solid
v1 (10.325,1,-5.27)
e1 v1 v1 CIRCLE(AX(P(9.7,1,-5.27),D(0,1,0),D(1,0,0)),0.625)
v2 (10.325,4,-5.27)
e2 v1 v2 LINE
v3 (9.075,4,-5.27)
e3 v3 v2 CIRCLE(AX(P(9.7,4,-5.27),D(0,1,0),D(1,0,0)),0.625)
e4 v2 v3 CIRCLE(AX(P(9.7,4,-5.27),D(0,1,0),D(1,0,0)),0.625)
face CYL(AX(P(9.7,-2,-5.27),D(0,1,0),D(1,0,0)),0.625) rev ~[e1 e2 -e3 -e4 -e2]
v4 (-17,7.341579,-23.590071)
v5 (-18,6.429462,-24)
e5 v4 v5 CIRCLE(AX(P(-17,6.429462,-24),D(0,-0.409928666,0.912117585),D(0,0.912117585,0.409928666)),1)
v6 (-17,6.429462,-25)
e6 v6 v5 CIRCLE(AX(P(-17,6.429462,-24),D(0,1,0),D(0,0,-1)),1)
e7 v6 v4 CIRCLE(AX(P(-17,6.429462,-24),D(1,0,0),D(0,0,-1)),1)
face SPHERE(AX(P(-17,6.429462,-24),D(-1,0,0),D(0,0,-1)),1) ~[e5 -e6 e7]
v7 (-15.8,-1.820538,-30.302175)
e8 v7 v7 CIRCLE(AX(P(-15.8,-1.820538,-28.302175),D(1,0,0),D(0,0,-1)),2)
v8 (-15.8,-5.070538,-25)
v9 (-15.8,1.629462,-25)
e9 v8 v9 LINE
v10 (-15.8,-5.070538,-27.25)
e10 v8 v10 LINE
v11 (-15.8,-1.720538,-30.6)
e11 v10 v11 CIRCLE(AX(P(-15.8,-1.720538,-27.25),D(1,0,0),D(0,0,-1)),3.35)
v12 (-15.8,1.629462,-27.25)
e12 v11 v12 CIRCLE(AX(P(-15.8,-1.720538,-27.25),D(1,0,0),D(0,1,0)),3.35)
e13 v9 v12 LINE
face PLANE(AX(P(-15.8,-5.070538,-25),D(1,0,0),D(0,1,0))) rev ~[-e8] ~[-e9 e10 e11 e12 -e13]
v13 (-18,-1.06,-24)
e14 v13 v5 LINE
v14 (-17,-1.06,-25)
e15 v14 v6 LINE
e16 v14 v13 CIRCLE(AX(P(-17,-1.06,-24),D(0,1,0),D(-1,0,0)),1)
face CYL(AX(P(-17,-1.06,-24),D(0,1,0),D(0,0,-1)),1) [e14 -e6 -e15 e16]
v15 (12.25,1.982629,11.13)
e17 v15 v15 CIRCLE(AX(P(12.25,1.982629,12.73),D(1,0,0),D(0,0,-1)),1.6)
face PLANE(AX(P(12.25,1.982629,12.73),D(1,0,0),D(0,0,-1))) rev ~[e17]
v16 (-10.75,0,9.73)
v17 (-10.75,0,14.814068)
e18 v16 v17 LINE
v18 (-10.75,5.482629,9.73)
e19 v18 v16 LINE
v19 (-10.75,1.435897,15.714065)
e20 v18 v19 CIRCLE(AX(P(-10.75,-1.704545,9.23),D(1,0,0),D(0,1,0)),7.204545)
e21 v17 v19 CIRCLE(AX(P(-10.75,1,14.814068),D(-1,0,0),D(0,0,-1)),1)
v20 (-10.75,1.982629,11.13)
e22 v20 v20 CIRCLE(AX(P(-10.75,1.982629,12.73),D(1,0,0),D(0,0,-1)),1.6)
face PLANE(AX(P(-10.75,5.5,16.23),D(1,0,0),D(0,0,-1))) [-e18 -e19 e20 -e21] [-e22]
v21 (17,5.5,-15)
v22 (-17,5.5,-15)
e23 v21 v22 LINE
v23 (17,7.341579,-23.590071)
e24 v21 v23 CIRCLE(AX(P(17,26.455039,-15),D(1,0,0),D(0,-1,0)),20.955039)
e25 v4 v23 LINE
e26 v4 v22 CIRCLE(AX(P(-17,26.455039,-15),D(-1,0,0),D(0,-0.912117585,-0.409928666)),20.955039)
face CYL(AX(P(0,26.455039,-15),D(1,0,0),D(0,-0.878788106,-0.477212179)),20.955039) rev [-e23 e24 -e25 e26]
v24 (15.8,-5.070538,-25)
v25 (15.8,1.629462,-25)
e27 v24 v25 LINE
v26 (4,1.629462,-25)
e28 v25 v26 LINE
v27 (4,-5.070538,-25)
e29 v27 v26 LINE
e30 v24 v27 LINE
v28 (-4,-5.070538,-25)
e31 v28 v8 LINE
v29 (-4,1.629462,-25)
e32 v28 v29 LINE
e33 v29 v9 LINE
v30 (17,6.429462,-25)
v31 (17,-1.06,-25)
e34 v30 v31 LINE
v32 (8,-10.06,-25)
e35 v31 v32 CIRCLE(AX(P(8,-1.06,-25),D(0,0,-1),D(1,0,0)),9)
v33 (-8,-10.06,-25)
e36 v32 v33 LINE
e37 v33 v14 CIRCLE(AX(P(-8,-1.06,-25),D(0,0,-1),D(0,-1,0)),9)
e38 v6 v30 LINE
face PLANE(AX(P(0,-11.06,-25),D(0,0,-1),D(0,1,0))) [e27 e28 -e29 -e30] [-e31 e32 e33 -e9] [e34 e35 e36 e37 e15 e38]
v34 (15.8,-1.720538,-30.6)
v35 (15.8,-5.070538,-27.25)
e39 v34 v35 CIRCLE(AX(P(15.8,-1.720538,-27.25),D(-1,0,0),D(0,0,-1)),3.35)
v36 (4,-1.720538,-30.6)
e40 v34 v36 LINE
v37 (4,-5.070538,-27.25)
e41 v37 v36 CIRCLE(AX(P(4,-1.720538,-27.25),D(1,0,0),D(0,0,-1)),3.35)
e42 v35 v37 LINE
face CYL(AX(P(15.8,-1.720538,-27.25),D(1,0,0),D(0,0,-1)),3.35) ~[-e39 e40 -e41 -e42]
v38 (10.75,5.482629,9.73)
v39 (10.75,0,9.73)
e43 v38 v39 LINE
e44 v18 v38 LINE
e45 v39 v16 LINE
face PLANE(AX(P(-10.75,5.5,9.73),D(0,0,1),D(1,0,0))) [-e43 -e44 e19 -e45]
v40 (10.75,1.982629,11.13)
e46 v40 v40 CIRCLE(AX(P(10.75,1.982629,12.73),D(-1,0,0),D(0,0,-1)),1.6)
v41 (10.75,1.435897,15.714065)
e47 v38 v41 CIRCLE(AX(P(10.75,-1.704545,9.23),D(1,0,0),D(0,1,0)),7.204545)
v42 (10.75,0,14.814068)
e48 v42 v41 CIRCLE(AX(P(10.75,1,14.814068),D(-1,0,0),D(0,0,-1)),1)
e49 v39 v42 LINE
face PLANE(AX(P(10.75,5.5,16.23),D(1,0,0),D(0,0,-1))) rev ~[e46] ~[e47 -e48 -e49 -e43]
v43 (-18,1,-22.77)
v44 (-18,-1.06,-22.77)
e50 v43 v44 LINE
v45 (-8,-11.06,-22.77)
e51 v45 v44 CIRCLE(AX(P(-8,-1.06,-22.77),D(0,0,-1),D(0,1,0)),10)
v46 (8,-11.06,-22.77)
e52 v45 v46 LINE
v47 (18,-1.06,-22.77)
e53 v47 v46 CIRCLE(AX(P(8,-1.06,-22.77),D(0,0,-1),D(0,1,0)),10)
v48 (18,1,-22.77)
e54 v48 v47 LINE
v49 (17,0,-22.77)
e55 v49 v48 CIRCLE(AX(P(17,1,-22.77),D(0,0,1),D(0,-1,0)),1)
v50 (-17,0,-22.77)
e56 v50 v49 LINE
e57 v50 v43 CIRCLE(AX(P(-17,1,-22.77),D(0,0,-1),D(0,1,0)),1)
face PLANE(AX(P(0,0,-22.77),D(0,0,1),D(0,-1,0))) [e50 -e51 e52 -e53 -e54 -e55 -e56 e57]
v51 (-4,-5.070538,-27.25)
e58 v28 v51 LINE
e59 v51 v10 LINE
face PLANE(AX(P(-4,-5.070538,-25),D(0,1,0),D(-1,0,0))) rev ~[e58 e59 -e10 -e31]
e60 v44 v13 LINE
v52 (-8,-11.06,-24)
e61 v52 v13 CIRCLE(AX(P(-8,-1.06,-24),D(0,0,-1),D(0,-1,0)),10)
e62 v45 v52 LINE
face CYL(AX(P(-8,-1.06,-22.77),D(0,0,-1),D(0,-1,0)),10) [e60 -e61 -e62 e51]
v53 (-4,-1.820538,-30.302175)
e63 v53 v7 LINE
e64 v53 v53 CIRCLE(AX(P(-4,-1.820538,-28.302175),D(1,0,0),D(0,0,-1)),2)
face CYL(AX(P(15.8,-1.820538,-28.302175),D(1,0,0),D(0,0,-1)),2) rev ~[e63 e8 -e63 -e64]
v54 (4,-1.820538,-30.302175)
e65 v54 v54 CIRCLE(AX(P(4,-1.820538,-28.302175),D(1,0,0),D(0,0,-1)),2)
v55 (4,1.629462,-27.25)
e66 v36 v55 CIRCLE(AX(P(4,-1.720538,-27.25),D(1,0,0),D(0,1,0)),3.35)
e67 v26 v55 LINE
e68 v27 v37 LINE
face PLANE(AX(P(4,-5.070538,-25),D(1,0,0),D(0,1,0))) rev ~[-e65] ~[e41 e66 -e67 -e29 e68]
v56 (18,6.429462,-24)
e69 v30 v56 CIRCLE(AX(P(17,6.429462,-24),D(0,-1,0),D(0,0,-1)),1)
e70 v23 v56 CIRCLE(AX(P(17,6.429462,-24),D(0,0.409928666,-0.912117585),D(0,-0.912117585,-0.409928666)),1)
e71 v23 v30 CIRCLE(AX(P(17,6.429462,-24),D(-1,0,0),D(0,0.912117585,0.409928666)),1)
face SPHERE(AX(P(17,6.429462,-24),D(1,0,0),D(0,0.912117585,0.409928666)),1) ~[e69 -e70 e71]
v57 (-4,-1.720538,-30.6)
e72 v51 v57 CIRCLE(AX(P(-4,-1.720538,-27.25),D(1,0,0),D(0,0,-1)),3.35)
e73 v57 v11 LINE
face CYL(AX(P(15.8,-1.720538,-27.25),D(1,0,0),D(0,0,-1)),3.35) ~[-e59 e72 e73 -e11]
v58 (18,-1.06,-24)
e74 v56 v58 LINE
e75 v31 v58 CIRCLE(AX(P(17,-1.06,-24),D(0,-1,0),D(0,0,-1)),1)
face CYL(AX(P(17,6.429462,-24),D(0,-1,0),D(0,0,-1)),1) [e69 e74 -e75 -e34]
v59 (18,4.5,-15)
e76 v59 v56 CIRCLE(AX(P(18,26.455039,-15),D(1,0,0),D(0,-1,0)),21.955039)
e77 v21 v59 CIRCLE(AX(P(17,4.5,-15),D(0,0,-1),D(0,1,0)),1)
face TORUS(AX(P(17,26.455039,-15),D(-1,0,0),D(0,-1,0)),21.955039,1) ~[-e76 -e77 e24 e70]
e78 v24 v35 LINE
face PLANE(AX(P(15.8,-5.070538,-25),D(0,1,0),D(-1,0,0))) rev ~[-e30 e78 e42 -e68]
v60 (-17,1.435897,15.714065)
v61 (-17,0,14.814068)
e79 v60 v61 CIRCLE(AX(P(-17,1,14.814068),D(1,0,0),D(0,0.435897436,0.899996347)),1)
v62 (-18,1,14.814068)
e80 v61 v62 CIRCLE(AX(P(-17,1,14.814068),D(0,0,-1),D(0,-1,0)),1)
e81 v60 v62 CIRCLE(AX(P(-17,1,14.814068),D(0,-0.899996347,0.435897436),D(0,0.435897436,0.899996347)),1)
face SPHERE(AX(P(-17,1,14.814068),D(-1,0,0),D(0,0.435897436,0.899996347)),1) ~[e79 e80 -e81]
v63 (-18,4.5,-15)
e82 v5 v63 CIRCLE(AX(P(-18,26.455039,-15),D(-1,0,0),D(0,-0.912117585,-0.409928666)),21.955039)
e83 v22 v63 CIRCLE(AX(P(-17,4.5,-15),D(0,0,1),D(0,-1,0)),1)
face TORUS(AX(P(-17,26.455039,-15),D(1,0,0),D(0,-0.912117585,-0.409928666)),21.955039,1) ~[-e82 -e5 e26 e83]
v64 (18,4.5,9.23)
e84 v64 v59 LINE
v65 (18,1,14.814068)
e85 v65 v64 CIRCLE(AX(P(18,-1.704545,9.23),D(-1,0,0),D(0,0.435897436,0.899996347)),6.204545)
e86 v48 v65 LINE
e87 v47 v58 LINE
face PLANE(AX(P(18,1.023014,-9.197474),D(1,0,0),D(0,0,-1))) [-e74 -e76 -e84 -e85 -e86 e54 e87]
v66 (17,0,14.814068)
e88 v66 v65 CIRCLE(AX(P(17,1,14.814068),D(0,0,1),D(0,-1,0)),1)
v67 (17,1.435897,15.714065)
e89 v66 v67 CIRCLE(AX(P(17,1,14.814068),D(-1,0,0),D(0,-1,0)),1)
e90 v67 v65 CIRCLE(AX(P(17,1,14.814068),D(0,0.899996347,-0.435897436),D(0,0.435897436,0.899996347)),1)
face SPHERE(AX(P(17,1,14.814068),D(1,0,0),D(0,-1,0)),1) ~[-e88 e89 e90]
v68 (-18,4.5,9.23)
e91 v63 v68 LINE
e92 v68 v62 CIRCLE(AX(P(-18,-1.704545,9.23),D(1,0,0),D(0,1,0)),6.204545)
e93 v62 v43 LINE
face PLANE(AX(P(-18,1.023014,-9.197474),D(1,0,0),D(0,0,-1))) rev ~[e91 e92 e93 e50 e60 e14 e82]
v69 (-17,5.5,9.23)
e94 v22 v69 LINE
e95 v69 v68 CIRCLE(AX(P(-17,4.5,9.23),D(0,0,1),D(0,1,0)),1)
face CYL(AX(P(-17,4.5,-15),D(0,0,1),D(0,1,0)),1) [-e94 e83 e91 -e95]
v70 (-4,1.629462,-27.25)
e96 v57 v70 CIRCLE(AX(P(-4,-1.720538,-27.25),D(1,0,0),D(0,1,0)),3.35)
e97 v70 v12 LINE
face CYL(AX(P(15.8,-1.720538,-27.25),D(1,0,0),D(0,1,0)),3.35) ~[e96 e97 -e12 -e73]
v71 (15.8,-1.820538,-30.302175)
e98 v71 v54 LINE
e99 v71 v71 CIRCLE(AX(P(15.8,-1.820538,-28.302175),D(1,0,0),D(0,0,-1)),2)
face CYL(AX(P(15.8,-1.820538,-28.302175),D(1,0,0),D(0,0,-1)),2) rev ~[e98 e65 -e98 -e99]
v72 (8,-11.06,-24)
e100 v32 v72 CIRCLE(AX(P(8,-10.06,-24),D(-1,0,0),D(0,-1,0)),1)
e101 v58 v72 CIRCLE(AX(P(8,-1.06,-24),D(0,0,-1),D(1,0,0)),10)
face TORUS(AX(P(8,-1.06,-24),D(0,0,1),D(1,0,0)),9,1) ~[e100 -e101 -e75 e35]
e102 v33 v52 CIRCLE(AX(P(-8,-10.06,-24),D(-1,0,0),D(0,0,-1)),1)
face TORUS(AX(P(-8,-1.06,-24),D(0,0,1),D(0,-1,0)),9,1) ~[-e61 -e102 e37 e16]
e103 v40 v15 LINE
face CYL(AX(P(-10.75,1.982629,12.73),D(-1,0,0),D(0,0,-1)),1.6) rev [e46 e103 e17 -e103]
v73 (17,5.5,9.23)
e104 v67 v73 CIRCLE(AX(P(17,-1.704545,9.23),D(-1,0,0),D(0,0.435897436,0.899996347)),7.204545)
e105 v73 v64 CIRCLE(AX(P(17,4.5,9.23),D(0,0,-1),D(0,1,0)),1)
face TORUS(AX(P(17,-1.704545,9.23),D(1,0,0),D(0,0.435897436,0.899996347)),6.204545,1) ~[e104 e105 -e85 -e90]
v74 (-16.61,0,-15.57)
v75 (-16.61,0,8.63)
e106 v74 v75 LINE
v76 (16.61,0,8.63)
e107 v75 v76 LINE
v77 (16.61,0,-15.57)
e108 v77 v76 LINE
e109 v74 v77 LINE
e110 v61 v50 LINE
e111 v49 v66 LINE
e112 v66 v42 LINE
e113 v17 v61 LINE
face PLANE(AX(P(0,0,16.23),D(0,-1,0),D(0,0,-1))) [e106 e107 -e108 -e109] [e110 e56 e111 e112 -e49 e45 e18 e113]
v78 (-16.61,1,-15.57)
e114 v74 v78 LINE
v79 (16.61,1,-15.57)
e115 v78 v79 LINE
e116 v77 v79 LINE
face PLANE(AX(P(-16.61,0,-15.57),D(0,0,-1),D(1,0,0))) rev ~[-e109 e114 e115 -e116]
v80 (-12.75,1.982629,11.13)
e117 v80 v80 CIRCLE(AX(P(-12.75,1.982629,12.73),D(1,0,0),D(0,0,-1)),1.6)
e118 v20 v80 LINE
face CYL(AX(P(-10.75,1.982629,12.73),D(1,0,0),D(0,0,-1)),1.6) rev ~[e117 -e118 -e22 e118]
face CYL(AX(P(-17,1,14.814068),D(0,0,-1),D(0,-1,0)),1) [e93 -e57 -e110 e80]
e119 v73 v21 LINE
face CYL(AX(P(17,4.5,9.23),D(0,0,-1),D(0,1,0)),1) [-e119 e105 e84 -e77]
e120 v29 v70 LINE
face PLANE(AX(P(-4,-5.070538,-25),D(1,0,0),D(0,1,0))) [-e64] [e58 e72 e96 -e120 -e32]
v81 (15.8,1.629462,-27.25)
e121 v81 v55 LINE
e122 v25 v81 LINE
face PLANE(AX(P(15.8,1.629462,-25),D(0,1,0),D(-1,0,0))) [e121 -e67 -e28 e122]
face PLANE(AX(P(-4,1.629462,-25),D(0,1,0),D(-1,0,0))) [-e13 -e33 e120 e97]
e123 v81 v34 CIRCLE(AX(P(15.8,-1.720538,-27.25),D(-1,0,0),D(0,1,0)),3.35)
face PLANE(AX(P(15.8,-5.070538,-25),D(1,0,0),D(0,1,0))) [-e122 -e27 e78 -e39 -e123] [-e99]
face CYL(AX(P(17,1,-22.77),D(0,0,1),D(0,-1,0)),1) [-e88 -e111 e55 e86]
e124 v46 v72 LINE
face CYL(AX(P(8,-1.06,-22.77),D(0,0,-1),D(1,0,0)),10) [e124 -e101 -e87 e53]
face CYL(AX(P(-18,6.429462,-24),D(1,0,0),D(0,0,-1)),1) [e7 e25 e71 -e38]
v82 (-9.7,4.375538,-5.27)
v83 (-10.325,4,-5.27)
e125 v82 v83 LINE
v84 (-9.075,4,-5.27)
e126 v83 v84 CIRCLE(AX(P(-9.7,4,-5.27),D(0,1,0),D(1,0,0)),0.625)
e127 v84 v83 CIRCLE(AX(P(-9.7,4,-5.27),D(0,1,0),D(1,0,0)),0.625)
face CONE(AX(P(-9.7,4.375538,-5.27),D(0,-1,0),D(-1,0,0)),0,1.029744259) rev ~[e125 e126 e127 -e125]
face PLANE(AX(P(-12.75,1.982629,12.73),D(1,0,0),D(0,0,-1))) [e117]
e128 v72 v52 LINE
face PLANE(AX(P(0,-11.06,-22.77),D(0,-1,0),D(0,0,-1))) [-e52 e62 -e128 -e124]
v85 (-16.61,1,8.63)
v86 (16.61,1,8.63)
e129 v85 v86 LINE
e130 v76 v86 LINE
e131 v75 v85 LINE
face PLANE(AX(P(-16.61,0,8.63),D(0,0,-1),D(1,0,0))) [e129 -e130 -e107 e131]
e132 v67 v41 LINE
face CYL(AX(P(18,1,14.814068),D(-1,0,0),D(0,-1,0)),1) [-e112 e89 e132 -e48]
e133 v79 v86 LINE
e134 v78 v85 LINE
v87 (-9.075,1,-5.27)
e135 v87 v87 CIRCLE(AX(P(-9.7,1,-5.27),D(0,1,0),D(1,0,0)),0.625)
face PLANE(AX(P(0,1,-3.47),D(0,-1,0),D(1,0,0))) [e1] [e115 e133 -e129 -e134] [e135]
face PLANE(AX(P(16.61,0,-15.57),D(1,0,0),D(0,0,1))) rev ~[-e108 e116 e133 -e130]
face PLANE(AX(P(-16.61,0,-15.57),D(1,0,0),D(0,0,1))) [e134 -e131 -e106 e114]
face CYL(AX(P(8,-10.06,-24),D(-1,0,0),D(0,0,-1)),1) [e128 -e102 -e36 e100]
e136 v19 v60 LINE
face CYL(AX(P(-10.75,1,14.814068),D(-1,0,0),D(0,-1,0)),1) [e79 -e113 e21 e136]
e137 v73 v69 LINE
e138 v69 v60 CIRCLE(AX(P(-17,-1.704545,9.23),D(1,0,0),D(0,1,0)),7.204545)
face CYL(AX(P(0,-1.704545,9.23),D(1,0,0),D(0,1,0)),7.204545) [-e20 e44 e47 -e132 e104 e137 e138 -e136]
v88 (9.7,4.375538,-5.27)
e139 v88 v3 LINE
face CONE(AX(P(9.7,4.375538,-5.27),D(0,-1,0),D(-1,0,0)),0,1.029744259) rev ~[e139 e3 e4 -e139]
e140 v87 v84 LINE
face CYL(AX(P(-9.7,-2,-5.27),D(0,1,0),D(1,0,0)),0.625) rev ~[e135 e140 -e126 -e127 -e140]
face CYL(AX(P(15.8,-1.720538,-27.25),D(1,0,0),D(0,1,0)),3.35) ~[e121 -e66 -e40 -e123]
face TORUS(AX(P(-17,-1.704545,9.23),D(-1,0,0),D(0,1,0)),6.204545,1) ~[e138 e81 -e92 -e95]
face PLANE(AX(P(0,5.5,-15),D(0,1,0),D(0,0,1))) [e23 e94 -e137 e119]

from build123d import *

# Parameters (mm, degrees)
BOSS_EXTRUDE1_DEPTH     = 18
SKETCH2_W               = 21.5
SKETCH2_H               = 6.5
CUT_EXTRUDE1_DEPTH      = 36
FILLET1_R               = 1
FILLET2_R               = 10
SKETCH3_R               = 1.6
CUT_EXTRUDE2_DEPTH      = 23
CUT_EXTRUDE2_DEPTH_BACK = 2
SKETCH4_W               = 11.8
SKETCH4_H               = 6.7
BOSS_EXTRUDE2_DEPTH     = 5.6
CUT_EXTRUDE3_DEPTH      = 34.8
SKETCH6_R               = 2
CUT_EXTRUDE4_DEPTH      = 34.8
SKETCH7_W               = 33.22
SKETCH7_H               = 24.2
CUT_EXTRUDE5_DEPTH      = 1
M1_6_TAPPED_HOLE1_D     = 1.25
M1_6_TAPPED_HOLE1_DEPTH = 3
M1_6_TAPPED_HOLE1_TIP   = 0.375537887
FILLET3_R               = 1
FILLET4_R               = 1


with BuildPart() as part:
    # Sketch1 → Boss-Extrude1 (new body, symmetric)
    with BuildSketch(Plane(origin=(0, 0, 0), x_dir=(0, 0, -1), z_dir=(1, 0, 0))):
        with BuildLine():
            Line((-16.23, 0), (22.77, 0))
            Line((22.77, 0), (22.77, -11.06))
            Line((22.77, -11.06), (25, -11.06))
            Line((25, -11.06), (25, 8.04))
            ThreePointArc((25, 8.04), (20.158769233, 6.144924279), (15, 5.5))
            Line((15, 5.5), (-9.23, 5.5))
            ThreePointArc((-9.23, 5.5), (-13.681123454, 3.960520759), (-16.23, 0))
        make_face()
    extrude(amount=BOSS_EXTRUDE1_DEPTH, both=True)

    # Sketch2 → Cut-Extrude1 (cut)
    with BuildSketch(Plane(origin=(0, 5.5, 0), x_dir=(1, 0, 0), z_dir=(0, 1, 0))):
        with Locations((0, -12.98)):
            Rectangle(SKETCH2_W, SKETCH2_H)
    extrude(amount=-CUT_EXTRUDE1_DEPTH, mode=Mode.SUBTRACT)

    # Fillet1
    fillet1_edges = [part.edges().sort_by_distance(p)[0] for p in [
        (0, 8.04, -25),
    ]]
    fillet(fillet1_edges, radius=FILLET1_R)

    # Fillet2
    fillet2_edges = [part.edges().sort_by_distance(p)[0] for p in [
        (18, -11.06, -23.885),
        (-18, -11.06, -23.885),
    ]]
    fillet(fillet2_edges, radius=FILLET2_R)

    # Sketch3 → Cut-Extrude2 (cut, two sides)
    with BuildSketch(Plane(origin=(-10.75, 0, 0), x_dir=(0, 0, -1), z_dir=(1, 0, 0))) as cut_extrude2_sk:
        with Locations((-12.73, 1.9826289)):
            Circle(SKETCH3_R)
    extrude(amount=CUT_EXTRUDE2_DEPTH, mode=Mode.SUBTRACT)
    extrude(cut_extrude2_sk.sketch, amount=-CUT_EXTRUDE2_DEPTH_BACK, mode=Mode.SUBTRACT)

    # Sketch4 → Boss-Extrude2 (add)
    with BuildSketch(Plane(origin=(0, 0, -25), x_dir=(-1, 0, 0), z_dir=(0, 0, -1))):
        with Locations((-9.9, -1.720538118)):
            Rectangle(SKETCH4_W, SKETCH4_H)
        with Locations((9.9, -1.720538118)):
            Rectangle(SKETCH4_W, SKETCH4_H)
    extrude(amount=BOSS_EXTRUDE2_DEPTH)

    # Sketch5 → Cut-Extrude3 (cut, through all)
    with BuildSketch(Plane(origin=(15.8, 0, 0), x_dir=(0, 0, -1), z_dir=(1, 0, 0))):
        with BuildLine():
            Line((30.6, -1.720538118), (30.6, 1.629461882))
            Line((30.6, 1.629461882), (27.25, 1.629461882))
            ThreePointArc((27.25, 1.629461882), (29.618807717, 0.648269599), (30.6, -1.720538118))
        make_face()
        with BuildLine():
            Line((30.6, -5.070538118), (30.6, -1.720538118))
            ThreePointArc((30.6, -1.720538118), (29.618807717, -4.089345835), (27.25, -5.070538118))
            Line((27.25, -5.070538118), (30.6, -5.070538118))
        make_face()
    extrude(amount=-CUT_EXTRUDE3_DEPTH, mode=Mode.SUBTRACT)

    # Sketch6 → Cut-Extrude4 (cut, through all)
    with BuildSketch(Plane(origin=(15.8, 0, 0), x_dir=(0, 0, -1), z_dir=(1, 0, 0))):
        with Locations((28.302174941, -1.820538118)):
            Circle(SKETCH6_R)
    extrude(amount=-CUT_EXTRUDE4_DEPTH, mode=Mode.SUBTRACT)

    # Sketch7 → Cut-Extrude5 (cut)
    with BuildSketch(Plane.XZ):
        with Locations((0, -3.47)):
            Rectangle(SKETCH7_W, SKETCH7_H)
    extrude(amount=-CUT_EXTRUDE5_DEPTH, mode=Mode.SUBTRACT)

    # M1.6 Tapped Hole1
    with Locations(Plane(origin=(0, 1, 0), x_dir=(-1, 0, 0), z_dir=(0, -1, 0))):
        with Locations((9.7, 5.27), (-9.7, 5.27)):
            Hole(M1_6_TAPPED_HOLE1_D / 2, depth=M1_6_TAPPED_HOLE1_DEPTH)
            with Locations((0, 0, -(M1_6_TAPPED_HOLE1_DEPTH + M1_6_TAPPED_HOLE1_TIP / 2))):  # 118° drill point
                Cone(0, M1_6_TAPPED_HOLE1_D / 2, M1_6_TAPPED_HOLE1_TIP, mode=Mode.SUBTRACT)

    # Fillet3
    fillet3_edges = [part.edges().sort_by_distance(p)[0] for p in [
        (14.375, 0, 16.23),
        (-14.375, 0, 16.23),
    ]]
    fillet(fillet3_edges, radius=FILLET3_R)

    # Fillet4
    fillet4_edges = [part.edges().sort_by_distance(p)[0] for p in [
        (-18, 0, -3.977965877),
        (18, 0, -3.977965877),
        (-18, 0.468914995, 15.661386792),
        (18, 0.468914995, 15.661386792),
        (18, 5.5, -2.885),
        (18, 4.399999523, 13.056226055),
        (-18, 5.96556671, -19.392628497),
        (18, 5.96556671, -19.392628497),
        (-18, 7.269083423, -24.543171858),
        (18, 7.269083423, -24.543171858),
        (0, -11.06, -25),
        (-18, 2.684730941, -25),
        (18, 2.684730941, -25),
        (15.071067812, -8.131067812, -25),
        (-15.071067812, -8.131067812, -25),
        (-18, 5.5, -2.885),
        (-18, 4.399999523, 13.056226055),
    ]]
    fillet(fillet4_edges, radius=FILLET4_R)


solid = part.part
